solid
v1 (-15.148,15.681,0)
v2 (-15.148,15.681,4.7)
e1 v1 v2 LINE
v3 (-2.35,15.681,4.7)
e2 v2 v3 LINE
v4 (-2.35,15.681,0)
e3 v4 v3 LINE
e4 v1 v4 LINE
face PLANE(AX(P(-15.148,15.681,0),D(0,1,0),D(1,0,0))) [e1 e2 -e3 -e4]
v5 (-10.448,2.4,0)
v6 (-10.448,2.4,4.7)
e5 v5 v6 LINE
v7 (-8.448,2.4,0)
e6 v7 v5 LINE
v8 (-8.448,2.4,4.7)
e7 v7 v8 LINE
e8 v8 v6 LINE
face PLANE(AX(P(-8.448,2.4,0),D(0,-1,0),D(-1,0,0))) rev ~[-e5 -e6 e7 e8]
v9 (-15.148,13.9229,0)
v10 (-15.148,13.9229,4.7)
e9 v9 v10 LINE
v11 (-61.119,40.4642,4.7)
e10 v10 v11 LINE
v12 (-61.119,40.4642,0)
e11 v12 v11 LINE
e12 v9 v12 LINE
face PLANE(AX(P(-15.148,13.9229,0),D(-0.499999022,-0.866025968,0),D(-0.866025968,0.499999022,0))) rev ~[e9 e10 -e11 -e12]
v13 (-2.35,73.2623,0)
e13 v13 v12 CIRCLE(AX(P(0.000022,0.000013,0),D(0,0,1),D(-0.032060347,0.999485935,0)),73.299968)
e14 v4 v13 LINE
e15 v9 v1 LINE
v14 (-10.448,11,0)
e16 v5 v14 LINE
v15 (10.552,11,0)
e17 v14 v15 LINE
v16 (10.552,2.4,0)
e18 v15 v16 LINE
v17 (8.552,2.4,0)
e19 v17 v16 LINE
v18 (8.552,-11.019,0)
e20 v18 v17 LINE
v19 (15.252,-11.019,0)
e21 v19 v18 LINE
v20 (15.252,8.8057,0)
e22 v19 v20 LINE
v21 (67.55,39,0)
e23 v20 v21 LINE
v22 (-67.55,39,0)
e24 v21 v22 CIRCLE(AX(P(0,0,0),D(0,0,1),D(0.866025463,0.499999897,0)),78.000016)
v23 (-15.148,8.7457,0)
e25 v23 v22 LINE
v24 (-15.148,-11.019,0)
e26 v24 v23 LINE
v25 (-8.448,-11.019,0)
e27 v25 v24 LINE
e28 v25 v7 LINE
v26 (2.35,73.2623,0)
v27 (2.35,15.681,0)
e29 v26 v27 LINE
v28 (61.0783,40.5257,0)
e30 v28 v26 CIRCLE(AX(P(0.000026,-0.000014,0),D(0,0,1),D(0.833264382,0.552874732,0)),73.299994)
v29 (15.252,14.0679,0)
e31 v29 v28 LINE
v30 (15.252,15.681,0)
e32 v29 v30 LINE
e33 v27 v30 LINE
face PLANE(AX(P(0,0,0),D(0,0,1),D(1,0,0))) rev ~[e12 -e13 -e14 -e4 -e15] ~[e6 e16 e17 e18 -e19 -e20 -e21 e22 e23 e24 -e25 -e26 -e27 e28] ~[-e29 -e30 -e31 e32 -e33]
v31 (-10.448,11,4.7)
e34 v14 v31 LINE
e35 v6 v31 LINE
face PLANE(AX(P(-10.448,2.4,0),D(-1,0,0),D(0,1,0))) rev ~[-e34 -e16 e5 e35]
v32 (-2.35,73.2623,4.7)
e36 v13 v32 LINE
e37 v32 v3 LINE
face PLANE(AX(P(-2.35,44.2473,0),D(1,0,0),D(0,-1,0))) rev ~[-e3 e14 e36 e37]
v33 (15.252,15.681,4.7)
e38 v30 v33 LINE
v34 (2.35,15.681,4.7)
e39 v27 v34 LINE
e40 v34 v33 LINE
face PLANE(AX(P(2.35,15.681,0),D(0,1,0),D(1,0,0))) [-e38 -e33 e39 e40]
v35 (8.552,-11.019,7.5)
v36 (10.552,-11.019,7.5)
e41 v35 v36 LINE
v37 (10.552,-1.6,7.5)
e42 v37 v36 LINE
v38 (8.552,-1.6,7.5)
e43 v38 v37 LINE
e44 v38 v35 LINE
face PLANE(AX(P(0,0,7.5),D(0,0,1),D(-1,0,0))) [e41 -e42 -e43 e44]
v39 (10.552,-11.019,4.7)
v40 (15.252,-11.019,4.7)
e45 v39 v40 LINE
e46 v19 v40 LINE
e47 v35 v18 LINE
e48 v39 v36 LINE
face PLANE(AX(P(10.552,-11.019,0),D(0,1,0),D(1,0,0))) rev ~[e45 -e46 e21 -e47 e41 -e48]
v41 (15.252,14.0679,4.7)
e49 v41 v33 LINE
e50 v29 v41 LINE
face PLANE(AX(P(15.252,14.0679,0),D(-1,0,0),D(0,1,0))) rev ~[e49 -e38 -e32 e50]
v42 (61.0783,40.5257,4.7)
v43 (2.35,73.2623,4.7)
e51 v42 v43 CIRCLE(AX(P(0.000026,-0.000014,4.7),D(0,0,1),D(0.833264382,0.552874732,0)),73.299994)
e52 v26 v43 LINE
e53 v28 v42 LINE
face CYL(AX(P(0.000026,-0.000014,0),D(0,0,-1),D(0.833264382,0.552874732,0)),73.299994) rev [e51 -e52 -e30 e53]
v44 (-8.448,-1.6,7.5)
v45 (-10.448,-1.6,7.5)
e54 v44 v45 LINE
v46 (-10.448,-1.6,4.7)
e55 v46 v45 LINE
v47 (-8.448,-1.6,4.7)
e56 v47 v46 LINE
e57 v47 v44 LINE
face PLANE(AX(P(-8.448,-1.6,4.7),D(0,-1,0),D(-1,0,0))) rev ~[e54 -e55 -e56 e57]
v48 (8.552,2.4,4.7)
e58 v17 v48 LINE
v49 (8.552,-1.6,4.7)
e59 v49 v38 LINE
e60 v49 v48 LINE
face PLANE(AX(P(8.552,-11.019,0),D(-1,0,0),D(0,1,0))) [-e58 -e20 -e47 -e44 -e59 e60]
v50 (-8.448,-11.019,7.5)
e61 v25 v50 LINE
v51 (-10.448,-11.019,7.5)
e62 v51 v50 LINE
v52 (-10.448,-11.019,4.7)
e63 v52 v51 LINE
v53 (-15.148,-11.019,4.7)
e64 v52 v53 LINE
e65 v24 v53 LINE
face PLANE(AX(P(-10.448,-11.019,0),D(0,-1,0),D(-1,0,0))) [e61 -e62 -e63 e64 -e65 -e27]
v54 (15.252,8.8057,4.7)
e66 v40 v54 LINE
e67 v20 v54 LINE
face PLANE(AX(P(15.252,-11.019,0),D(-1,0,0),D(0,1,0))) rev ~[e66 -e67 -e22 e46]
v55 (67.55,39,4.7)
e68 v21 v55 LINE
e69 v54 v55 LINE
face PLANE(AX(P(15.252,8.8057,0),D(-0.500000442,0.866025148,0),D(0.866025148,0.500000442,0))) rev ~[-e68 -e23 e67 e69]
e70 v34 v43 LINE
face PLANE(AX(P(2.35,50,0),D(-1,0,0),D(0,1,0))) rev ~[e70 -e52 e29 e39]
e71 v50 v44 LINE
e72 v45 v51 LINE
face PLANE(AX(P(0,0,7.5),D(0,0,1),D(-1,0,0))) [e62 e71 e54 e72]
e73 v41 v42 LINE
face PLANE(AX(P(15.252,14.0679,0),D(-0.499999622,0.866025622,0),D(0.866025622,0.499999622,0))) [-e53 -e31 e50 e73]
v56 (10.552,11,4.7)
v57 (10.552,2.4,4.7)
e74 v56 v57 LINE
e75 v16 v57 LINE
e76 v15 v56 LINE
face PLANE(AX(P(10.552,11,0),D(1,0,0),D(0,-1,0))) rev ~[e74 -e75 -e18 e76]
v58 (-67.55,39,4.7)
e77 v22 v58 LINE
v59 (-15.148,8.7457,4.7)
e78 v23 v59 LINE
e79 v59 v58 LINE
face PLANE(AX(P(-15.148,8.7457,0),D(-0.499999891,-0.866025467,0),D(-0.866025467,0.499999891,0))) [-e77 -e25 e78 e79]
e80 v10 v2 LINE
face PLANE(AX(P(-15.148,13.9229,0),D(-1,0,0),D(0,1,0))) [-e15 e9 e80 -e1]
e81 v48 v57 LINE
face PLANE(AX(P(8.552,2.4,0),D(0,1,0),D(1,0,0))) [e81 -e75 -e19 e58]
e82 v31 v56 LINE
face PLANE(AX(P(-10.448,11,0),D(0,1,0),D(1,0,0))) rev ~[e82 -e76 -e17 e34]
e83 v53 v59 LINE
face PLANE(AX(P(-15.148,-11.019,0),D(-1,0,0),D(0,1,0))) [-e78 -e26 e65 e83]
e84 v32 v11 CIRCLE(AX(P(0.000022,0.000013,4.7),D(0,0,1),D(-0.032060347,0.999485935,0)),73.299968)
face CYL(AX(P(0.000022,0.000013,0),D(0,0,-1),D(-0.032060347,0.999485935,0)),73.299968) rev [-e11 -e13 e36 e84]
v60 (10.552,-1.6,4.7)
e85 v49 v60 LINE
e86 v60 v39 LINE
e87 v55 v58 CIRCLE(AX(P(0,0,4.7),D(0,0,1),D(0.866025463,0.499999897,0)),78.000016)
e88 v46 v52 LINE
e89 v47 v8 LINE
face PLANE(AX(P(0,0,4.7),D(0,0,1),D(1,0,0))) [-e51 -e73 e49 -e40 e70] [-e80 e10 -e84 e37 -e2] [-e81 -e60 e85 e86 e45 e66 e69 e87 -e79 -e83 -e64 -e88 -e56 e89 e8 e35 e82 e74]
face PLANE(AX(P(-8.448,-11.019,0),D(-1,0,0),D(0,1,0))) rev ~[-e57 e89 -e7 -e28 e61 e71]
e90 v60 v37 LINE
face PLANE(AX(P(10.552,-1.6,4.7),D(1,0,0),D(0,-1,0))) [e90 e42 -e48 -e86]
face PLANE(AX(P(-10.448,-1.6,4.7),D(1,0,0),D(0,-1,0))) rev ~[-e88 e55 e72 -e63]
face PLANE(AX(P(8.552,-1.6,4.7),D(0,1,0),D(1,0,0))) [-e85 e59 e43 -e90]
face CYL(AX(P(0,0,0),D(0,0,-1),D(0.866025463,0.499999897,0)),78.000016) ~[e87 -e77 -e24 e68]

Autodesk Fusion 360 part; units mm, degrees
sketch "Sketch1" plane through (0, 0, 0) normal (0, 0, 1) x (1, 0, 0)
  line L0 (-15.148, 8.7457) -> (-67.55, 39)
  arc A0 (67.55, 39) -> (-67.55, 39) centre (0, 0) ccw
  line L1 (-10.448, 11) -> (10.552, 11)
  line L2 (10.552, 11) -> (10.552, 2.4)
  line L3 (-10.448, 2.4) -> (-10.448, 11)
  line L4 (-10.448, -11.019) -> (-15.148, -11.019)
  line L5 (10.552, -11.019) -> (15.252, -11.019)
  line L6 (-15.148, 15.681) -> (-2.35, 15.681)
  line L7 (15.252, 8.8057) -> (67.55, 39)
  line L8 (15.252, 14.0679) -> (61.0783, 40.5257)
  line L9 (-15.148, 13.9229) -> (-61.119, 40.4642)
  line L10 (0, 73.3) -> (0.052, 73.3)
  line L11 (0.052, 15.681) -> (0, 15.681)
  line L12 (2.35, 50) -> (2.35, 15.681)
  line L13 (2.35, 50) -> (2.35, 73.2623)
  line L14 (-2.35, 44.2473) -> (-2.35, 15.681)
  line L15 (-2.35, 44.2473) -> (-2.35, 73.2623)
  line L16 (2.35, 15.681) -> (15.252, 15.681)
  arc A1 (61.0783, 40.5257) -> (2.35, 73.2623) centre (0, 0) ccw
  arc A2 (-2.35, 73.2623) -> (-61.119, 40.4642) centre (0, 0) ccw
  line L17 (-15.148, -11.019) -> (-15.148, 8.7457)
  line L18 (-15.148, 13.9229) -> (-15.148, 15.681)
  line L19 (15.252, -11.019) -> (15.252, 8.8057)
  line L20 (15.252, 14.0679) -> (15.252, 15.681)
  line L21 (-10.448, -11.019) -> (-8.448, -11.019)
  line L22 (10.552, -11.019) -> (8.552, -11.019)
  line L23 (-8.448, -11.019) -> (-8.448, 2.4)
  line L24 (-8.448, 2.4) -> (-10.448, 2.4)
  line L25 (8.552, -11.019) -> (8.552, 2.4)
  line L26 (8.552, 2.4) -> (10.552, 2.4)
  dimension "d11" = 26.7
  dimension "d15" = 2
  dimension "d16" = 2
  dimension "d17" = 13.419
  dimension "d18" = 13.419
extrude "Extrude1" add sketch "Sketch1" along normal blind 4.7
sketch "Sketch2" plane through (0, 0, 4.7) normal (0, 0, 1) x (-1, 0, 0)
  arc A0 (-61.0783, -40.5257) -> (-2.35, -73.2623) centre (0, 0) ccw
  line L0 (-61.0783, -40.5257) -> (-15.252, -14.0679)
  line L1 (-15.252, -14.0679) -> (-15.252, -15.681)
  line L2 (-15.252, -15.681) -> (-2.35, -15.681)
  line L3 (-2.35, -15.681) -> (-2.35, -73.2623)
  line L4 (2.35, -73.2623) -> (2.35, -15.681)
  line L5 (2.35, -15.681) -> (15.148, -15.681)
  line L6 (15.148, -15.681) -> (15.148, -13.9229)
  line L7 (15.148, -13.9229) -> (61.119, -40.4642)
  arc A1 (2.35, -73.2623) -> (61.119, -40.4642) centre (0, 0) ccw
  line L8 (-8.552, 11.019) -> (-15.252, 11.019)
  line L9 (-15.252, 11.019) -> (-15.252, -8.8057)
  line L10 (-15.252, -8.8057) -> (-67.55, -39)
  arc A2 (-67.55, -39) -> (67.55, -39) centre (0, 0) ccw
  line L11 (67.55, -39) -> (15.148, -8.7457)
  line L12 (15.148, -8.7457) -> (15.148, 11.019)
  line L13 (15.148, 11.019) -> (8.448, 11.019)
  line L14 (8.448, 11.019) -> (8.448, -2.4)
  line L15 (8.448, -2.4) -> (10.448, -2.4)
  line L16 (10.448, -2.4) -> (10.448, -11)
  line L17 (10.448, -11) -> (-10.552, -11)
  line L18 (-10.552, -11) -> (-10.552, -2.4)
  line L19 (-10.552, -2.4) -> (-8.552, -2.4)
  line L20 (-8.552, -2.4) -> (-8.552, 11.019)
  line L21 (8.448, 1.6) -> (10.448, 1.6)
  line L22 (10.448, 1.6) -> (10.448, 11.019)
  line L23 (-8.552, 1.6) -> (-10.552, 1.6)
  line L24 (-10.552, 1.6) -> (-10.552, 11.019)
  dimension "d21" = 9.419
  dimension "d22" = 9.419
  dimension "d23" = 2
extrude "Extrude2" add sketch "Sketch2" along normal blind 2.8 contours L8 L20 L23 L24 | L13 L14 L21 L22
